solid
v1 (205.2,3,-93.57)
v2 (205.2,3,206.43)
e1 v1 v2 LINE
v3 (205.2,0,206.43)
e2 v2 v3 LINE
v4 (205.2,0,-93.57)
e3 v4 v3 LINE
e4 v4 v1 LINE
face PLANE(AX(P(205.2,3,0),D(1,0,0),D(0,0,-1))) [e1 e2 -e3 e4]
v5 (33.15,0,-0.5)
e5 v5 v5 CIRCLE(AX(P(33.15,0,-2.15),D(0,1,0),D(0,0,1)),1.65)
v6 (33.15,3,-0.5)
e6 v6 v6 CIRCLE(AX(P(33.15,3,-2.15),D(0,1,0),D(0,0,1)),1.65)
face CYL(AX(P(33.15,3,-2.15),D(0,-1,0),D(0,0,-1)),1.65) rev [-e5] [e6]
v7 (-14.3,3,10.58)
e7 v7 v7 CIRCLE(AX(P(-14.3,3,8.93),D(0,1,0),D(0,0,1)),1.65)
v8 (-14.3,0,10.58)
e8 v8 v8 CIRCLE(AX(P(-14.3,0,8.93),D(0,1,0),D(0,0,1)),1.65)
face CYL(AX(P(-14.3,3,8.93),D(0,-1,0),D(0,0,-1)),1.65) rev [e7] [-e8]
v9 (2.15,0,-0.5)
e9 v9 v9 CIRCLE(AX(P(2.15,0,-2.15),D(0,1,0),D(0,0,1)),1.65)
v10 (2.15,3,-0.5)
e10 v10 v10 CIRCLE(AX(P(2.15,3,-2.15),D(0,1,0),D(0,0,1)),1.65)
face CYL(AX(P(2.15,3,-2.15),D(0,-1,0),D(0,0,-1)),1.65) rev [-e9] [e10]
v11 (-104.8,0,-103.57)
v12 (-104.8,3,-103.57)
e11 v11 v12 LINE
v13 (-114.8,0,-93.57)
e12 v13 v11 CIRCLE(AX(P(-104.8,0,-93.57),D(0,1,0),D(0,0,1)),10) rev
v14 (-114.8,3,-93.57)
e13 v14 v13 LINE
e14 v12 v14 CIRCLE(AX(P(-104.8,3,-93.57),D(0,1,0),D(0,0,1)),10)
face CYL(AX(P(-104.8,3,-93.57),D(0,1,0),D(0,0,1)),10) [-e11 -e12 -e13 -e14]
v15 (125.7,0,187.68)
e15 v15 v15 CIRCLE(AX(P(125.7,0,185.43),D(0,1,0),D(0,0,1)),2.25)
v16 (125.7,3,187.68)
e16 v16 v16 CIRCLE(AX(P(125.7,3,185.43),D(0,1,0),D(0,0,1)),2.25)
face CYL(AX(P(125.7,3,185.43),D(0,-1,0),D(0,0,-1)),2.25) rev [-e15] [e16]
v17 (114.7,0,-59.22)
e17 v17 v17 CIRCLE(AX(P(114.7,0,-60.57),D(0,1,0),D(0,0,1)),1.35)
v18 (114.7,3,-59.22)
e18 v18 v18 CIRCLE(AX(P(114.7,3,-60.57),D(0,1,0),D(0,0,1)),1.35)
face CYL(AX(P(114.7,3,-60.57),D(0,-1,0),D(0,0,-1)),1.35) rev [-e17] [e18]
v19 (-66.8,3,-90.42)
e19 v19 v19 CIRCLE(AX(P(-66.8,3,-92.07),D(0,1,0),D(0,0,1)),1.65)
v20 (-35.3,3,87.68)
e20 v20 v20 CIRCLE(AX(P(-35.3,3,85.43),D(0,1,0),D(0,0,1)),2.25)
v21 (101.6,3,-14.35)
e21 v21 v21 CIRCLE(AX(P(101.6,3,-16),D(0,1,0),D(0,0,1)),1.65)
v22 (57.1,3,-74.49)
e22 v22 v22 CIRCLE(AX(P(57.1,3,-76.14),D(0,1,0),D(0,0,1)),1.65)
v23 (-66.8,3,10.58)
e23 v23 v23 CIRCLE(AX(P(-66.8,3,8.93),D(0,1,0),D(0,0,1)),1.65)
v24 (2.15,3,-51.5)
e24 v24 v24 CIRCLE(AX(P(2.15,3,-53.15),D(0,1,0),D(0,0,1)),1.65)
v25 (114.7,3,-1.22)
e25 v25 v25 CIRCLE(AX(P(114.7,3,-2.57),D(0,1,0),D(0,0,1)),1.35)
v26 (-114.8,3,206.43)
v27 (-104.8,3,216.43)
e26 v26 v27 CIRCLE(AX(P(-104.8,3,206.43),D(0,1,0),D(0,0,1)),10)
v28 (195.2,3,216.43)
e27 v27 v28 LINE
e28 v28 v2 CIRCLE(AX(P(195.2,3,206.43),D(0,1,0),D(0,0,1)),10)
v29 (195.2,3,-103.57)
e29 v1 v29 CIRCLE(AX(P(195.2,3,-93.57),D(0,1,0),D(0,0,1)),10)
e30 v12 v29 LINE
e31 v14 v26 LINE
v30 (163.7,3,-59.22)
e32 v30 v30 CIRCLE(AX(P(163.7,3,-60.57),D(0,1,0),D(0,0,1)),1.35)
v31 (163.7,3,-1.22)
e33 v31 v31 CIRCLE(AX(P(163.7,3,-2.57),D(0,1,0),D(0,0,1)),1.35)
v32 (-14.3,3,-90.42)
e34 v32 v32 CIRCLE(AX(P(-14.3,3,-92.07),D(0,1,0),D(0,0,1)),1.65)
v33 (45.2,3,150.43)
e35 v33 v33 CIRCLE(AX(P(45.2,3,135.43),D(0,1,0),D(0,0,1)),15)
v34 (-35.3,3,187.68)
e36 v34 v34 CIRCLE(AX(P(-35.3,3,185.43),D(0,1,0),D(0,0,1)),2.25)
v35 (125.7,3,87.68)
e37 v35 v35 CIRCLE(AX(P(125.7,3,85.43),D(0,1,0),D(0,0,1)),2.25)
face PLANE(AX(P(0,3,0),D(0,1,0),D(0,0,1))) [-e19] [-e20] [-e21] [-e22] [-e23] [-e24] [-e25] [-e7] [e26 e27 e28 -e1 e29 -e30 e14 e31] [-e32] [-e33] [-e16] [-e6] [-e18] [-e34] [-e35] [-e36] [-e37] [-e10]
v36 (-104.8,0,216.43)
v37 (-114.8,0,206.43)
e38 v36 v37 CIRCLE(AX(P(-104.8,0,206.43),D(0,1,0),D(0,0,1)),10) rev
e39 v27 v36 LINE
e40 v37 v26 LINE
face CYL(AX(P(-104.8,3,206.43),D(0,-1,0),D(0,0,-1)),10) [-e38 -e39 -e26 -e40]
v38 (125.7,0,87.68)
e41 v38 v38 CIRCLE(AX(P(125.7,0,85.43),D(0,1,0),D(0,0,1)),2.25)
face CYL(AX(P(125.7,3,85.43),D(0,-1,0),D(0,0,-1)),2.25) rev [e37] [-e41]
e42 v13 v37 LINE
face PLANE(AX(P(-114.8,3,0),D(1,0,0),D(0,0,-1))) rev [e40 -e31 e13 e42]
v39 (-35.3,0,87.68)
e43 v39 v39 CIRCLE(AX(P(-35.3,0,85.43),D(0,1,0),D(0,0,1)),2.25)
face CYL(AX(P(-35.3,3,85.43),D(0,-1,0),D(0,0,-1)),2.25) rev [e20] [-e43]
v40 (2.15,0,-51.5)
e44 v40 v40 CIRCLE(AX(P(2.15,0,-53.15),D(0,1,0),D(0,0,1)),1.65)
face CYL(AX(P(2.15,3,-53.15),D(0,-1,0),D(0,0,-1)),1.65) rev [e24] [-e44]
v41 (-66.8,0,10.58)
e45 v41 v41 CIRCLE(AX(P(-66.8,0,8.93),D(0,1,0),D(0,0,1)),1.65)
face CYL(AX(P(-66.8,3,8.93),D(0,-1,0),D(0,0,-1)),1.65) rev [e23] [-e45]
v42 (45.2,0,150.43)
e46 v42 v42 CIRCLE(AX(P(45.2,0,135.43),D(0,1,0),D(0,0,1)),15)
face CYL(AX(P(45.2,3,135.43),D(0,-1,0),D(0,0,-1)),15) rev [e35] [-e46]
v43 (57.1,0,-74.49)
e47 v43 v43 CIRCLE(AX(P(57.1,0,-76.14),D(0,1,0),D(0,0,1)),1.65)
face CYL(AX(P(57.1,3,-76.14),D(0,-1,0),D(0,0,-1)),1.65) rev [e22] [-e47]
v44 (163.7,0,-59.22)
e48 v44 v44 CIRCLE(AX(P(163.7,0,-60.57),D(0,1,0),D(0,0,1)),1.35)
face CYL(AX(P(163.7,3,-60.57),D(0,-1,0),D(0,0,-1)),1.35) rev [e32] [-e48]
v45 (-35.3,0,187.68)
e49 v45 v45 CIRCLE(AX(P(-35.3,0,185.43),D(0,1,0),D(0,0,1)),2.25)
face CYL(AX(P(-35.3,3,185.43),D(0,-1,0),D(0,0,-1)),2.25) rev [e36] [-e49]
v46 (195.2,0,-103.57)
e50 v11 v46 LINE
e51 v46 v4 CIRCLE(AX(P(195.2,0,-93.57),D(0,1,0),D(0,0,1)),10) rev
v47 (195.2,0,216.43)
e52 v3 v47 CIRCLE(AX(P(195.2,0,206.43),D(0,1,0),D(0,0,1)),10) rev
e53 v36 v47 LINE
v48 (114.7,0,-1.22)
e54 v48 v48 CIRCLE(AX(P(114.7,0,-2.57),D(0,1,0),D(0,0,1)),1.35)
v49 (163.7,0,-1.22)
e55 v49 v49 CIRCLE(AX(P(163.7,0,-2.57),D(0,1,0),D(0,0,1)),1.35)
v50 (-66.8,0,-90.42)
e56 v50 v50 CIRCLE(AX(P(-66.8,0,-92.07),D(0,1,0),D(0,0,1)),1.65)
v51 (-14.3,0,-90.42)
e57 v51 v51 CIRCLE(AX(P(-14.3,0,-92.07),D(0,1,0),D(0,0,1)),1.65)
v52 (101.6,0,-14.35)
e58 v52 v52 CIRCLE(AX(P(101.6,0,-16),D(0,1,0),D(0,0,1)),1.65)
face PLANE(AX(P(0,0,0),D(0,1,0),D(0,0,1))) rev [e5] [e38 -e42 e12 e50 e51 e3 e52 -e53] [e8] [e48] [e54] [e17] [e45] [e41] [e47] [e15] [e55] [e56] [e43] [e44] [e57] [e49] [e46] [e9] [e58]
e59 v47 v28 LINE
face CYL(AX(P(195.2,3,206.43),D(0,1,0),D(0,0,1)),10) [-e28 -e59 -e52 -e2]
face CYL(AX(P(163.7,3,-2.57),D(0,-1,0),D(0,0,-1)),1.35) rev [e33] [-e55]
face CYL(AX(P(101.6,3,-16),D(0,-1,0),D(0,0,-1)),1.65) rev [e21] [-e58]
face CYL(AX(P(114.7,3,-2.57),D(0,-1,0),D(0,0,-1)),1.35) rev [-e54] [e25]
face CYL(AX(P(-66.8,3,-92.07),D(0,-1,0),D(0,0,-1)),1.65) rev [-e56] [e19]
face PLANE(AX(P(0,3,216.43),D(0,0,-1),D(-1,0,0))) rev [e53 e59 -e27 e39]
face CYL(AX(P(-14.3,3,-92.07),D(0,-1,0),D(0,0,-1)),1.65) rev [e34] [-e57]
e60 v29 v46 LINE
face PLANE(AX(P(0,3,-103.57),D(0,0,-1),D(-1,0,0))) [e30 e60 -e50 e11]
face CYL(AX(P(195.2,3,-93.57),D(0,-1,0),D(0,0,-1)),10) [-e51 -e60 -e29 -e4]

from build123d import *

# Parameters (mm, degrees)
SKETCH1_W           = 320
SKETCH1_H           = 320
SKETCH1_R           = 1.65
SKETCH1_R_2         = 1.35
SKETCH1_R_3         = 2.25
SKETCH1_R_4         = 15
BOSS_EXTRUDE1_DEPTH = 3
FILLET1_R           = 10


with BuildPart() as part:
    # Sketch1 → Boss-Extrude1 (new body)
    with BuildSketch(Plane(origin=(0, 0, 0), x_dir=(1, 0, 0), z_dir=(0, 1, 0))):
        with Locations((45.2, -56.43)):
            Rectangle(SKETCH1_W, SKETCH1_H)
        with Locations((101.6, 16)):
            Circle(SKETCH1_R, mode=Mode.SUBTRACT)
        with Locations((2.15, 2.15)):
            Circle(SKETCH1_R, mode=Mode.SUBTRACT)
        with Locations((33.15, 2.15)):
            Circle(SKETCH1_R, mode=Mode.SUBTRACT)
        with Locations((2.15, 53.15)):
            Circle(SKETCH1_R, mode=Mode.SUBTRACT)
        with Locations((57.1, 76.14)):
            Circle(SKETCH1_R, mode=Mode.SUBTRACT)
        with Locations((163.7, 2.57)):
            Circle(SKETCH1_R_2, mode=Mode.SUBTRACT)
        with Locations((114.7, 2.57)):
            Circle(SKETCH1_R_2, mode=Mode.SUBTRACT)
        with Locations((163.7, 60.57)):
            Circle(SKETCH1_R_2, mode=Mode.SUBTRACT)
        with Locations((114.7, 60.57)):
            Circle(SKETCH1_R_2, mode=Mode.SUBTRACT)
        with Locations((-14.3, -8.93)):
            Circle(SKETCH1_R, mode=Mode.SUBTRACT)
        with Locations((-66.8, -8.93)):
            Circle(SKETCH1_R, mode=Mode.SUBTRACT)
        with Locations((-14.3, 92.07)):
            Circle(SKETCH1_R, mode=Mode.SUBTRACT)
        with Locations((-66.8, 92.07)):
            Circle(SKETCH1_R, mode=Mode.SUBTRACT)
        with Locations((-35.3, -85.43)):
            Circle(SKETCH1_R_3, mode=Mode.SUBTRACT)
        with Locations((125.7, -85.43)):
            Circle(SKETCH1_R_3, mode=Mode.SUBTRACT)
        with Locations((125.7, -185.43)):
            Circle(SKETCH1_R_3, mode=Mode.SUBTRACT)
        with Locations((-35.3, -185.43)):
            Circle(SKETCH1_R_3, mode=Mode.SUBTRACT)
        with Locations((45.2, -135.43)):
            Circle(SKETCH1_R_4, mode=Mode.SUBTRACT)
    extrude(amount=BOSS_EXTRUDE1_DEPTH)

    # Fillet1
    fillet1_edges = [part.edges().sort_by_distance(p)[0] for p in [
        (205.2, 1.5, 216.43),
        (-114.8, 1.5, 216.43),
        (-114.8, 1.5, -103.57),
        (205.2, 1.5, -103.57),
    ]]
    fillet(fillet1_edges, radius=FILLET1_R)


solid = part.part
